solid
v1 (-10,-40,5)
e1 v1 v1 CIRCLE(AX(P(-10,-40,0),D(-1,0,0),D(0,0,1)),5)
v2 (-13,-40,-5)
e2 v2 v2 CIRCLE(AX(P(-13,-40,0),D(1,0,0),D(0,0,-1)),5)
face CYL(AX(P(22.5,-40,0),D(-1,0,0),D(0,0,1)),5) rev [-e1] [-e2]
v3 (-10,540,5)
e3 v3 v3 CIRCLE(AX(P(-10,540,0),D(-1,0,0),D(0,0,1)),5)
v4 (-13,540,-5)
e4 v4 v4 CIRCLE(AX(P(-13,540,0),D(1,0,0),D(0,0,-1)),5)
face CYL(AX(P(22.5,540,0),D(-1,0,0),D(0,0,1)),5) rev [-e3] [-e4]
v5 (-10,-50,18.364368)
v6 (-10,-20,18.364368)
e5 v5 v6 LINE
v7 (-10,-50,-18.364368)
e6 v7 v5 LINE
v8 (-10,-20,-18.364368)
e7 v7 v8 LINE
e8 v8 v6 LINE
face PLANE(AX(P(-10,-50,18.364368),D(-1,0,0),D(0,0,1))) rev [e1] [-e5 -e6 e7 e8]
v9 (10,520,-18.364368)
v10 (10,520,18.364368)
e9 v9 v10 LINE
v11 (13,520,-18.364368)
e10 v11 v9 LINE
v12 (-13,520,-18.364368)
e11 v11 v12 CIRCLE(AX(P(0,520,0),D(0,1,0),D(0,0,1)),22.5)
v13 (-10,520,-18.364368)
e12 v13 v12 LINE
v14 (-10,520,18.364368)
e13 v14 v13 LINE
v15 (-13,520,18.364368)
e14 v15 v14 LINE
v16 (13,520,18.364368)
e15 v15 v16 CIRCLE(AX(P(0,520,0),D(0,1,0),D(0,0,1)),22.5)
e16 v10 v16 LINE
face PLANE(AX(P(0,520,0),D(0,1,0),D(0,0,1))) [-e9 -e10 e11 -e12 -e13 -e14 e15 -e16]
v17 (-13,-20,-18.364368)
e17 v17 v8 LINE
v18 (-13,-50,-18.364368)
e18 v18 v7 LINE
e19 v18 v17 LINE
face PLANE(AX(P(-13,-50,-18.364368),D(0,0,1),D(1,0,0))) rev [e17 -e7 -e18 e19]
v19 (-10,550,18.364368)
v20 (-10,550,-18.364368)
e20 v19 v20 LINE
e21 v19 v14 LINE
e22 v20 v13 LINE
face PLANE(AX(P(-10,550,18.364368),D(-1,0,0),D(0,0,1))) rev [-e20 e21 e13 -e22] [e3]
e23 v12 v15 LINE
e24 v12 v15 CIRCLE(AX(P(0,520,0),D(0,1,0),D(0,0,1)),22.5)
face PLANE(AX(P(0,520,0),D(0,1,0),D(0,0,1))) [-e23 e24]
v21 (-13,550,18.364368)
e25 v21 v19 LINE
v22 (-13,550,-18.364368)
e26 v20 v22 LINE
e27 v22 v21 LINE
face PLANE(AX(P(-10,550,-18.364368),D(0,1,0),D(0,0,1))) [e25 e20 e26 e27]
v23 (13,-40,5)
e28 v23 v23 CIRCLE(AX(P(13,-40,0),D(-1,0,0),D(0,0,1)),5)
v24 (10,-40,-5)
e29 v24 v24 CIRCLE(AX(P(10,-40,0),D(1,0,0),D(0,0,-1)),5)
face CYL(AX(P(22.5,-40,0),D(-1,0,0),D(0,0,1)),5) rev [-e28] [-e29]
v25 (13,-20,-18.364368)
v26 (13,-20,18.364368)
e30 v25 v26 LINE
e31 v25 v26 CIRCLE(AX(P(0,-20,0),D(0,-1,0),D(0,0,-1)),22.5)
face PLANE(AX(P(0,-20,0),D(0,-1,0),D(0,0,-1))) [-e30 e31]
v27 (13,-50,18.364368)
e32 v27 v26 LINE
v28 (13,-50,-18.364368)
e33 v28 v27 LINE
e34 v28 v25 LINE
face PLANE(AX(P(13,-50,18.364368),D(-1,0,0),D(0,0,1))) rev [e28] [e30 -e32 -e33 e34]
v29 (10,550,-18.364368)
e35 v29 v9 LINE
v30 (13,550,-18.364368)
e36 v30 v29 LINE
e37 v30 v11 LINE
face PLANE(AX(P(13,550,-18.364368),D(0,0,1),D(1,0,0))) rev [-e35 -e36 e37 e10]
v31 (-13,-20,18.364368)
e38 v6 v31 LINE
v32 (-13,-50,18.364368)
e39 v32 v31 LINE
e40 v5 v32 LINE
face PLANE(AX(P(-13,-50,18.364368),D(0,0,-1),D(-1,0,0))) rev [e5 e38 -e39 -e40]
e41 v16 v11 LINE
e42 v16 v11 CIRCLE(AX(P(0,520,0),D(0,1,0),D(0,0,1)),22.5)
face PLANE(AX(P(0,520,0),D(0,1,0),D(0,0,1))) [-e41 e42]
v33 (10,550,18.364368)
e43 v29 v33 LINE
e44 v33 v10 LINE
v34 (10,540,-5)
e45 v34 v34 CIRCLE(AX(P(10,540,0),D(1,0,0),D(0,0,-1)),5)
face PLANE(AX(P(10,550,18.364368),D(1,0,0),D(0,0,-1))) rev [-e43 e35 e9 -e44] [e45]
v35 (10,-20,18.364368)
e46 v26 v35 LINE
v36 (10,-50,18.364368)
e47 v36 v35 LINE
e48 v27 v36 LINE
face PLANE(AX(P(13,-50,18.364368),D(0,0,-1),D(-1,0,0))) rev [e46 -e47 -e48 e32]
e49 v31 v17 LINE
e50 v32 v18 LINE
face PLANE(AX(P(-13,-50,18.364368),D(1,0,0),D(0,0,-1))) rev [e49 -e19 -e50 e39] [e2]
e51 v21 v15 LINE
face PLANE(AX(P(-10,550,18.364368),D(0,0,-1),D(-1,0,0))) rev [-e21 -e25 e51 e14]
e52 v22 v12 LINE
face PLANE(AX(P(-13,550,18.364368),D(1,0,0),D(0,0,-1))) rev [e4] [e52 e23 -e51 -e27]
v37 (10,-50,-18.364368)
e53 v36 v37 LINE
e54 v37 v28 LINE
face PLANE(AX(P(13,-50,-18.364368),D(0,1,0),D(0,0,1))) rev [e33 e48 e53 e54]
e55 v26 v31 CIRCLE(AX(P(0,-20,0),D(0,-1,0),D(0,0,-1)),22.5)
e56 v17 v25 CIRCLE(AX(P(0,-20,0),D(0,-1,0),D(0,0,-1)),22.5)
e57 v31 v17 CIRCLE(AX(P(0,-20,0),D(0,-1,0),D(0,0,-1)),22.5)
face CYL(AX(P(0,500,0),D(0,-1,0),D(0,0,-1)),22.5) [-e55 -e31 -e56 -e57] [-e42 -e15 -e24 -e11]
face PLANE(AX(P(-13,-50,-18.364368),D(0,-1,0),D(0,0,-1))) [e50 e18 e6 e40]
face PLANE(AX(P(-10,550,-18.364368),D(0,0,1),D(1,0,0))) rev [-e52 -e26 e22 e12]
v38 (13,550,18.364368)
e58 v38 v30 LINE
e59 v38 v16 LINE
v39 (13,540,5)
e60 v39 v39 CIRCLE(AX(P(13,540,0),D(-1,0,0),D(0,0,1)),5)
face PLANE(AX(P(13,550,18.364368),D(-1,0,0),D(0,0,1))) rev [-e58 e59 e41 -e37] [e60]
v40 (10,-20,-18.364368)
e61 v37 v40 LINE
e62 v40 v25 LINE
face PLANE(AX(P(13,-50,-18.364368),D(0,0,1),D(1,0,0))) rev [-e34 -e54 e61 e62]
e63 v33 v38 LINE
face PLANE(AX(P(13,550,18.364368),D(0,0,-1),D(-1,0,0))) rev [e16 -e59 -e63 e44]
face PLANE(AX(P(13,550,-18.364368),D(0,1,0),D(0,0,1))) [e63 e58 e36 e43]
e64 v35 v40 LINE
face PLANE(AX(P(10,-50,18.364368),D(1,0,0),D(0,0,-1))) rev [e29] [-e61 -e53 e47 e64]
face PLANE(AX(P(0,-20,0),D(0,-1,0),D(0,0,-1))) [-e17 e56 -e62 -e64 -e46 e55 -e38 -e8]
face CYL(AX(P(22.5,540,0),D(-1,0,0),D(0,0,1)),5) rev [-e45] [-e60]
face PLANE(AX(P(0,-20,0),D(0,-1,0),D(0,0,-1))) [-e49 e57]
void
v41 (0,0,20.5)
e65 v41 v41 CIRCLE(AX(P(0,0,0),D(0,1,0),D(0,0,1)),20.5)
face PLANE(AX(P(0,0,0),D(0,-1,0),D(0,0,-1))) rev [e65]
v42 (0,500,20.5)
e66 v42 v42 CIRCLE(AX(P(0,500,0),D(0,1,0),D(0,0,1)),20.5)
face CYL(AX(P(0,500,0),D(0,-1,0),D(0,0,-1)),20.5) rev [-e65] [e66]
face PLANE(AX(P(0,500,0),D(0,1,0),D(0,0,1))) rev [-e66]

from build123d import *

# Parameters (mm, degrees)
SKETCH1_R               = 22.5
SKETCH1_R_2             = 20.5
EXTRUDE1_DEPTH          = 500
SKETCH2_R               = 22.5
EXTRUDE2_DEPTH          = 20
SKETCH3_R               = 22.5
EXTRUDE3_DEPTH          = 20
SKETCH5_W               = 3
SKETCH5_H               = 36.728735344
EXTRUDE4_DEPTH          = 30
SKETCH7_W               = 3
SKETCH7_H               = 36.728735344
EXTRUDE6_DEPTH          = 30
SKETCH8_R               = 5
CUT_EXTRUDE1_DEPTH      = 10.5
CUT_EXTRUDE1_DEPTH_BACK = 36.5
SKETCH9_R               = 5
CUT_EXTRUDE2_DEPTH      = 10.5
CUT_EXTRUDE2_DEPTH_BACK = 36.5


with BuildPart() as part:
    # Sketch1 → Extrude1 (new body)
    with BuildSketch(Plane(origin=(0, 0, 0), x_dir=(1, 0, 0), z_dir=(0, 1, 0))):
        with Locations(Location((0, 0, 0), (0, 0, 270))):  # turned: the seam where the file's is
            Circle(SKETCH1_R)
        with Locations(Location((0, 0, 0), (0, 0, 270))):  # turned: the seam where the file's is
            Circle(SKETCH1_R_2, mode=Mode.SUBTRACT)
    extrude(amount=EXTRUDE1_DEPTH)

    # Sketch2 → Extrude2 (add)
    with BuildSketch(Plane(origin=(0, 500, 0), x_dir=(-1, 0, 0), z_dir=(0, 1, 0))):
        with Locations(Location((0, 0, 0), (0, 0, 90))):  # turned: the seam where the file's is
            Circle(SKETCH2_R)
    extrude(amount=EXTRUDE2_DEPTH)

    # Sketch3 → Extrude3 (add)
    with BuildSketch(Plane.XZ):
        with Locations(Location((0, 0, 0), (0, 0, 270))):  # turned: the seam where the file's is
            Circle(SKETCH3_R)
    extrude(amount=EXTRUDE3_DEPTH)

    # Sketch5 → Extrude4 (add)
    with BuildSketch(Plane.XZ.offset(20)):
        with Locations((-11.5, 0)):
            Rectangle(SKETCH5_W, SKETCH5_H)
        with Locations((11.5, 0)):
            Rectangle(SKETCH5_W, SKETCH5_H)
    extrude(amount=EXTRUDE4_DEPTH)

    # Sketch7 → Extrude6 (add)
    with BuildSketch(Plane(origin=(0, 520, 0), x_dir=(-1, 0, 0), z_dir=(0, 1, 0))):
        with Locations((-11.5, 0)):
            Rectangle(SKETCH7_W, SKETCH7_H)
        with Locations((11.5, 0)):
            Rectangle(SKETCH7_W, SKETCH7_H)
    extrude(amount=EXTRUDE6_DEPTH)

    # Sketch8 → Cut-Extrude1 (cut, two sides)
    with BuildSketch(Plane.ZY.offset(13)) as cut_extrude1_sk:
        with Locations((0, 540)):
            Circle(SKETCH8_R)
    extrude(amount=CUT_EXTRUDE1_DEPTH, mode=Mode.SUBTRACT)
    extrude(cut_extrude1_sk.sketch, amount=-CUT_EXTRUDE1_DEPTH_BACK, mode=Mode.SUBTRACT)

    # Sketch9 → Cut-Extrude2 (cut, two sides)
    with BuildSketch(Plane.ZY.offset(13)) as cut_extrude2_sk:
        with Locations((0, -40)):
            Circle(SKETCH9_R)
    extrude(amount=CUT_EXTRUDE2_DEPTH, mode=Mode.SUBTRACT)
    extrude(cut_extrude2_sk.sketch, amount=-CUT_EXTRUDE2_DEPTH_BACK, mode=Mode.SUBTRACT)


solid = part.part
